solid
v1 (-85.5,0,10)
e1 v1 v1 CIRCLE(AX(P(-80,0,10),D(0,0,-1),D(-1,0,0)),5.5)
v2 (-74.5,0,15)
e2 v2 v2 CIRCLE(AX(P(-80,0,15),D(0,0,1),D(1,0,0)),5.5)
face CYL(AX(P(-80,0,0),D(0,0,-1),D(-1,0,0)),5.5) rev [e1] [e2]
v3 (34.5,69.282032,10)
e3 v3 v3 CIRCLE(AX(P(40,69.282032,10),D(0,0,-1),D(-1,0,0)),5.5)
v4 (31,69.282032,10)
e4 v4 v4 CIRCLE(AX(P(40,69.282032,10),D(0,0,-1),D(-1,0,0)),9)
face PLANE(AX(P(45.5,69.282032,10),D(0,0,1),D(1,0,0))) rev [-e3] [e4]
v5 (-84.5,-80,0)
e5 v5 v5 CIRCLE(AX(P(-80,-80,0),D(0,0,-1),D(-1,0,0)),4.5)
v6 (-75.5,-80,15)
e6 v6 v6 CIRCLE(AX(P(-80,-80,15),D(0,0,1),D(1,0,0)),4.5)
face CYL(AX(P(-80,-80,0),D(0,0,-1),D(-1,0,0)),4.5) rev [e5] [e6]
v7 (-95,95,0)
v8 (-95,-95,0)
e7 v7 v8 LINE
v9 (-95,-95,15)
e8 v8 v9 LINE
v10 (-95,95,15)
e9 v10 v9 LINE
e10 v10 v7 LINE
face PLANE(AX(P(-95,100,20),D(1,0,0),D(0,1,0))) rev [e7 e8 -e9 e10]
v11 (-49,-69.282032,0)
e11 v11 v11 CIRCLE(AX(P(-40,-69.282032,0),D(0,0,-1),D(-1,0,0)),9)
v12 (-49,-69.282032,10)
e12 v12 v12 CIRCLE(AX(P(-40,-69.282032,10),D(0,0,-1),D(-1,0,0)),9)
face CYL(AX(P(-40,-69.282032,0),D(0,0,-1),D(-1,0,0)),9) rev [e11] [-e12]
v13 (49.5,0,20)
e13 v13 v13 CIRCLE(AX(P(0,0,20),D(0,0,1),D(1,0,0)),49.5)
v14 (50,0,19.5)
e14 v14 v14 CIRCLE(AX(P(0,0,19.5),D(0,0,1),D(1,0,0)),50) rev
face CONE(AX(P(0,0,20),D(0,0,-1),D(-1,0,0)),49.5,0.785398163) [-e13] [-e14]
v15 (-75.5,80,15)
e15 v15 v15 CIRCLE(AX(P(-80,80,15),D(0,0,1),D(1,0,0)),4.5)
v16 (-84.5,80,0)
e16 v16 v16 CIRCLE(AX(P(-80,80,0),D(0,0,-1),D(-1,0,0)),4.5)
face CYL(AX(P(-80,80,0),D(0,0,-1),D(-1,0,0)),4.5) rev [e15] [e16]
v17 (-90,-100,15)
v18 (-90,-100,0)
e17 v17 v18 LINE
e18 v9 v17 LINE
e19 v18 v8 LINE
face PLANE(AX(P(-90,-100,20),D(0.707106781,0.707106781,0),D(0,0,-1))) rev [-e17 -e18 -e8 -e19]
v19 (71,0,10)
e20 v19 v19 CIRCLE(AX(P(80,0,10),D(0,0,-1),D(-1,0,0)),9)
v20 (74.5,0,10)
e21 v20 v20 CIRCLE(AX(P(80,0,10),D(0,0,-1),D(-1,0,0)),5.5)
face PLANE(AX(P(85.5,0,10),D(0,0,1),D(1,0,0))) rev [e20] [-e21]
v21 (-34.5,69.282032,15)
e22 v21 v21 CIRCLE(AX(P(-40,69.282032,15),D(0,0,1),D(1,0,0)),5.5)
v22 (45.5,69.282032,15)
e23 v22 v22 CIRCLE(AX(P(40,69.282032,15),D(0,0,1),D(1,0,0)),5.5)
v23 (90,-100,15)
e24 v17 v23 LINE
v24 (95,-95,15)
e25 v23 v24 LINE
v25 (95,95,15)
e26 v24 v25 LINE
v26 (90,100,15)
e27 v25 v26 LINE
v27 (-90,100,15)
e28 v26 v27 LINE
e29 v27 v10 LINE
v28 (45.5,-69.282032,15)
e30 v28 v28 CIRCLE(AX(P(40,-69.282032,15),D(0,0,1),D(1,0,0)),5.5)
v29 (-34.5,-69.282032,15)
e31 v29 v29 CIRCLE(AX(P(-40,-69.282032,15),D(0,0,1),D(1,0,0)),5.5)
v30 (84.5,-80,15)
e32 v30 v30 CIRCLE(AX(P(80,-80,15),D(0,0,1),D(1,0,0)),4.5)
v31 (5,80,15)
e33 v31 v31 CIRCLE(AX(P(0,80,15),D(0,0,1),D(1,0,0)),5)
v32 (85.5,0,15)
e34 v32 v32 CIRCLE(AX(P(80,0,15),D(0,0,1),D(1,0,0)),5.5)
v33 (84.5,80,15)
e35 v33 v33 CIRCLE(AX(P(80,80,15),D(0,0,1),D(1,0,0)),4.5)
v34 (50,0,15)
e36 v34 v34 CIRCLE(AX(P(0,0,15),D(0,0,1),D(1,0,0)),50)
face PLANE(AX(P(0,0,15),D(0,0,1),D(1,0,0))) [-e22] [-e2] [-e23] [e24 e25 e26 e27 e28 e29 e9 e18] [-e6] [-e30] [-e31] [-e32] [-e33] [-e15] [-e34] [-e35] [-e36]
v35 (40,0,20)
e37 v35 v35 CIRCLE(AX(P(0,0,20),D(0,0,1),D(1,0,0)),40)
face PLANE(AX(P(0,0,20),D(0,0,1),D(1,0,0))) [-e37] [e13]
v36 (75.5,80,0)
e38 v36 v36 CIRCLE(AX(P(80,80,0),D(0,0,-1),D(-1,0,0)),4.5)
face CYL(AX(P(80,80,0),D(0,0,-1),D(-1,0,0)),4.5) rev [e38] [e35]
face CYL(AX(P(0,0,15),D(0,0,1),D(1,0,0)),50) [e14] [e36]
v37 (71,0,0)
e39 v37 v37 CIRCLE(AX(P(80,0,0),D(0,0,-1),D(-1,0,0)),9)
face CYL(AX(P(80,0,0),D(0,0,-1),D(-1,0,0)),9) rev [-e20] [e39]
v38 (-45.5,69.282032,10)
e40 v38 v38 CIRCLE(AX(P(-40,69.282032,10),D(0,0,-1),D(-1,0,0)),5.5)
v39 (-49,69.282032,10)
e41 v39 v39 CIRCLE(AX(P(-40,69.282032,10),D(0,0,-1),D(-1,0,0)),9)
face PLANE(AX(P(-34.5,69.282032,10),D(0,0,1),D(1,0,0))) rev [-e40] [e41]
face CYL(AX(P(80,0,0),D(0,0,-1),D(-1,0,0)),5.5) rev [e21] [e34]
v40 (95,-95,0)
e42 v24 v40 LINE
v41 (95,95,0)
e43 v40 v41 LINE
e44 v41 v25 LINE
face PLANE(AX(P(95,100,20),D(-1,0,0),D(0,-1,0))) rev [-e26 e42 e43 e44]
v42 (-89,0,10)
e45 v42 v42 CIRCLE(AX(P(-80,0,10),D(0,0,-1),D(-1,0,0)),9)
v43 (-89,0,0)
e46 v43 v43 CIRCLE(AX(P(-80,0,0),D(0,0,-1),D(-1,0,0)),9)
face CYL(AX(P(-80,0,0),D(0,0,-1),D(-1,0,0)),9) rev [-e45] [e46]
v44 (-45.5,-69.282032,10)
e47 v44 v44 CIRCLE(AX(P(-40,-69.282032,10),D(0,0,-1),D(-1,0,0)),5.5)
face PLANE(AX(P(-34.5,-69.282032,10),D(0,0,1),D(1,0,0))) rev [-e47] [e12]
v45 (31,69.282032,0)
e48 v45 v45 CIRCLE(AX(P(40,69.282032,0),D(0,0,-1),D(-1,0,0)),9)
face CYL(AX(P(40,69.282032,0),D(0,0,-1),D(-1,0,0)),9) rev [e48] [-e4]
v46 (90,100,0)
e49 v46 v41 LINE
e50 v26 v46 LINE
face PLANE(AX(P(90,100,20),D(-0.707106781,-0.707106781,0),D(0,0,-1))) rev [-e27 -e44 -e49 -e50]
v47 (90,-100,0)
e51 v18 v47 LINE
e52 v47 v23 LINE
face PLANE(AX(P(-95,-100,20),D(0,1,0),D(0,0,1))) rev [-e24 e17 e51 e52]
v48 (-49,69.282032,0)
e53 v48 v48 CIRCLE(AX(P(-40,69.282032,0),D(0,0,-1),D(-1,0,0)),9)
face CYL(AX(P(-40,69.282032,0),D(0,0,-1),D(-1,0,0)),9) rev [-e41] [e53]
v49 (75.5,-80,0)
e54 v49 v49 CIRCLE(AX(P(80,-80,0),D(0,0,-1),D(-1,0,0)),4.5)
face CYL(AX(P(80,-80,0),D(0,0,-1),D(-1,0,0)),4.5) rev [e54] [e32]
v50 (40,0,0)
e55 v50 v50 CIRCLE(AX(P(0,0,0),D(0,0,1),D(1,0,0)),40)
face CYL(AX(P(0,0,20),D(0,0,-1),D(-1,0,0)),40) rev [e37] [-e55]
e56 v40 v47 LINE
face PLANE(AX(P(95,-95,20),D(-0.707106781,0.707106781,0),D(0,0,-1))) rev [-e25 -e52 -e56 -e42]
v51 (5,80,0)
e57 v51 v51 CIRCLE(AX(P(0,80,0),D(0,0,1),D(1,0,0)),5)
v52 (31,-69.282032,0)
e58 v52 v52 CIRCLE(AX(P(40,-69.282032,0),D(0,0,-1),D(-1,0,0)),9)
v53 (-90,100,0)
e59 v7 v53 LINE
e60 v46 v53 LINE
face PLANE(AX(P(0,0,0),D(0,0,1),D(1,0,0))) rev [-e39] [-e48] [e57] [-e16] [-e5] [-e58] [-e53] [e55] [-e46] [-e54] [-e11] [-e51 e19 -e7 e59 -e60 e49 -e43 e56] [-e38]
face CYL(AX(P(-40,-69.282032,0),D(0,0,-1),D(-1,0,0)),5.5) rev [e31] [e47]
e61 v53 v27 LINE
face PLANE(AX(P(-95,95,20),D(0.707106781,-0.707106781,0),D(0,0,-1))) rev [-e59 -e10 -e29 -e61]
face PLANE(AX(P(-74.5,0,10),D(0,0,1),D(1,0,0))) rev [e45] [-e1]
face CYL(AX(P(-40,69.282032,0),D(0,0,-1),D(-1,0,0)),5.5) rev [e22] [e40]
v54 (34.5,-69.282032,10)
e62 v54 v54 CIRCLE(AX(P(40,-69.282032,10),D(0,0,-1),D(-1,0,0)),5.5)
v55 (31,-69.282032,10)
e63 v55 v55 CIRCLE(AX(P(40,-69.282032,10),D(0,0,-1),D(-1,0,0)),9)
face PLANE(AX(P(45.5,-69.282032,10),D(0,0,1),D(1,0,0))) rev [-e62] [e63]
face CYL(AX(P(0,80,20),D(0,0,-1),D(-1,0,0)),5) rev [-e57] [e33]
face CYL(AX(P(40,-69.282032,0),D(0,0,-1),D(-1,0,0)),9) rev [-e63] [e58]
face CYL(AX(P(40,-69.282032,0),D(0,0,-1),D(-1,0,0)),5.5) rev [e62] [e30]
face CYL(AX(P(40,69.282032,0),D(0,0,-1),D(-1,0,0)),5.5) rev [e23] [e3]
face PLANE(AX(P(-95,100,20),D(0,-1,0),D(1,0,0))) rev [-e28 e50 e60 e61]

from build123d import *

# Parameters (mm, degrees)
CROQUIS1_W                                           = 190
CROQUIS1_H                                           = 200
CROQUIS1_R                                           = 5
CROQUIS1_R_2                                         = 40
SALIENTE_EXTRUIR1_DEPTH                              = 20
CROQUIS2_OUTSIDE_W                                   = 247.318
CROQUIS2_OUTSIDE_H                                   = 257.318
CROQUIS2_OUTSIDE_R                                   = 50
CORTAR_EXTRUIR1_DEPTH                                = 5
CHAFL_N1_SIZE                                        = 0.5
CHAFL_N2_SIZE                                        = 5
CORTAR_EXTRUIR2_DEPTH                                = 139.744369255
CORTAR_EXTRUIR2_DEPTH_BACK                           = 139.744369255
CROQUIS3_R                                           = 4.375
REFRENTADO_PARA_TORNILLO_TAP_N_CON_CABEZ_D           = 11
REFRENTADO_PARA_TORNILLO_TAP_N_CON_CABEZ_CBORE_D     = 18
REFRENTADO_PARA_TORNILLO_TAP_N_CON_CABEZ_CBORE_DEPTH = 10
TALADRO_ROSCADO_M10X1_01_D                           = 9


with BuildPart() as part:
    # Croquis1 → Saliente-Extruir1 (new body)
    with BuildSketch(Plane.XY):
        Rectangle(CROQUIS1_W, CROQUIS1_H)
        with Locations((80, 0)):
            Circle(CROQUIS1_R, mode=Mode.SUBTRACT)
        with Locations((40, -69.282032303)):
            Circle(CROQUIS1_R, mode=Mode.SUBTRACT)
        with Locations((-40, -69.282032303)):
            Circle(CROQUIS1_R, mode=Mode.SUBTRACT)
        with Locations((-80, 0)):
            Circle(CROQUIS1_R, mode=Mode.SUBTRACT)
        with Locations((-40, 69.282032303)):
            Circle(CROQUIS1_R, mode=Mode.SUBTRACT)
        with Locations((40, 69.282032303)):
            Circle(CROQUIS1_R, mode=Mode.SUBTRACT)
        with Locations((0, 80)):
            Circle(CROQUIS1_R, mode=Mode.SUBTRACT)
        Circle(CROQUIS1_R_2, mode=Mode.SUBTRACT)
    extrude(amount=SALIENTE_EXTRUIR1_DEPTH)

    # Croquis2 outside → Cortar-Extruir1 (cut)
    with BuildSketch(Plane.XY.offset(20)):
        Rectangle(CROQUIS2_OUTSIDE_W, CROQUIS2_OUTSIDE_H)
        Circle(CROQUIS2_OUTSIDE_R, mode=Mode.SUBTRACT)
    extrude(amount=-CORTAR_EXTRUIR1_DEPTH, mode=Mode.SUBTRACT)

    # Chaflán1
    chafl_n1_edges = [part.edges().sort_by_distance(p)[0] for p in [
        (-50, 0, 20),
    ]]
    chamfer(chafl_n1_edges, length=CHAFL_N1_SIZE)

    # Chaflán2
    chafl_n2_edges = [part.edges().sort_by_distance(p)[0] for p in [
        (95, -100, 7.5),
        (-95, -100, 7.5),
        (-95, 100, 7.5),
        (95, 100, 7.5),
    ]]
    chamfer(chafl_n2_edges, length=CHAFL_N2_SIZE)

    # Croquis3 → Cortar-Extruir2 (cut, two sides: drawn at the far end of the back side and taken through both)
    with BuildSketch(Plane.XY.offset(15).offset(-CORTAR_EXTRUIR2_DEPTH_BACK)):
        with Locations((-80, 80)):
            Circle(CROQUIS3_R)
        with Locations((80, 80)):
            Circle(CROQUIS3_R)
        with Locations((80, -80)):
            Circle(CROQUIS3_R)
        with Locations((-80, -80)):
            Circle(CROQUIS3_R)
    extrude(amount=CORTAR_EXTRUIR2_DEPTH + CORTAR_EXTRUIR2_DEPTH_BACK, mode=Mode.SUBTRACT)

    # Refrentado para tornillo tapón con cabeza de clavija de M101 (through all)
    with Locations(Plane(origin=(40, 69.282032303, 0), x_dir=(-1, 0, 0), z_dir=(0, 0, -1))):
        with Locations((0, 0), (-40, -69.282032303), (120, -69.282032303), (80, -138.564064606), (0, -138.564064606), (80, 0)):
            CounterBoreHole(REFRENTADO_PARA_TORNILLO_TAP_N_CON_CABEZ_D / 2, REFRENTADO_PARA_TORNILLO_TAP_N_CON_CABEZ_CBORE_D / 2, REFRENTADO_PARA_TORNILLO_TAP_N_CON_CABEZ_CBORE_DEPTH)

    # Taladro roscado M10x1.01 (through all)
    with Locations(Plane(origin=(0, 0, 0), x_dir=(-1, 0, 0), z_dir=(0, 0, -1))):
        with Locations((-80, 80), (80, 80), (-80, -80), (80, -80)):
            Hole(TALADRO_ROSCADO_M10X1_01_D / 2)


solid = part.part
